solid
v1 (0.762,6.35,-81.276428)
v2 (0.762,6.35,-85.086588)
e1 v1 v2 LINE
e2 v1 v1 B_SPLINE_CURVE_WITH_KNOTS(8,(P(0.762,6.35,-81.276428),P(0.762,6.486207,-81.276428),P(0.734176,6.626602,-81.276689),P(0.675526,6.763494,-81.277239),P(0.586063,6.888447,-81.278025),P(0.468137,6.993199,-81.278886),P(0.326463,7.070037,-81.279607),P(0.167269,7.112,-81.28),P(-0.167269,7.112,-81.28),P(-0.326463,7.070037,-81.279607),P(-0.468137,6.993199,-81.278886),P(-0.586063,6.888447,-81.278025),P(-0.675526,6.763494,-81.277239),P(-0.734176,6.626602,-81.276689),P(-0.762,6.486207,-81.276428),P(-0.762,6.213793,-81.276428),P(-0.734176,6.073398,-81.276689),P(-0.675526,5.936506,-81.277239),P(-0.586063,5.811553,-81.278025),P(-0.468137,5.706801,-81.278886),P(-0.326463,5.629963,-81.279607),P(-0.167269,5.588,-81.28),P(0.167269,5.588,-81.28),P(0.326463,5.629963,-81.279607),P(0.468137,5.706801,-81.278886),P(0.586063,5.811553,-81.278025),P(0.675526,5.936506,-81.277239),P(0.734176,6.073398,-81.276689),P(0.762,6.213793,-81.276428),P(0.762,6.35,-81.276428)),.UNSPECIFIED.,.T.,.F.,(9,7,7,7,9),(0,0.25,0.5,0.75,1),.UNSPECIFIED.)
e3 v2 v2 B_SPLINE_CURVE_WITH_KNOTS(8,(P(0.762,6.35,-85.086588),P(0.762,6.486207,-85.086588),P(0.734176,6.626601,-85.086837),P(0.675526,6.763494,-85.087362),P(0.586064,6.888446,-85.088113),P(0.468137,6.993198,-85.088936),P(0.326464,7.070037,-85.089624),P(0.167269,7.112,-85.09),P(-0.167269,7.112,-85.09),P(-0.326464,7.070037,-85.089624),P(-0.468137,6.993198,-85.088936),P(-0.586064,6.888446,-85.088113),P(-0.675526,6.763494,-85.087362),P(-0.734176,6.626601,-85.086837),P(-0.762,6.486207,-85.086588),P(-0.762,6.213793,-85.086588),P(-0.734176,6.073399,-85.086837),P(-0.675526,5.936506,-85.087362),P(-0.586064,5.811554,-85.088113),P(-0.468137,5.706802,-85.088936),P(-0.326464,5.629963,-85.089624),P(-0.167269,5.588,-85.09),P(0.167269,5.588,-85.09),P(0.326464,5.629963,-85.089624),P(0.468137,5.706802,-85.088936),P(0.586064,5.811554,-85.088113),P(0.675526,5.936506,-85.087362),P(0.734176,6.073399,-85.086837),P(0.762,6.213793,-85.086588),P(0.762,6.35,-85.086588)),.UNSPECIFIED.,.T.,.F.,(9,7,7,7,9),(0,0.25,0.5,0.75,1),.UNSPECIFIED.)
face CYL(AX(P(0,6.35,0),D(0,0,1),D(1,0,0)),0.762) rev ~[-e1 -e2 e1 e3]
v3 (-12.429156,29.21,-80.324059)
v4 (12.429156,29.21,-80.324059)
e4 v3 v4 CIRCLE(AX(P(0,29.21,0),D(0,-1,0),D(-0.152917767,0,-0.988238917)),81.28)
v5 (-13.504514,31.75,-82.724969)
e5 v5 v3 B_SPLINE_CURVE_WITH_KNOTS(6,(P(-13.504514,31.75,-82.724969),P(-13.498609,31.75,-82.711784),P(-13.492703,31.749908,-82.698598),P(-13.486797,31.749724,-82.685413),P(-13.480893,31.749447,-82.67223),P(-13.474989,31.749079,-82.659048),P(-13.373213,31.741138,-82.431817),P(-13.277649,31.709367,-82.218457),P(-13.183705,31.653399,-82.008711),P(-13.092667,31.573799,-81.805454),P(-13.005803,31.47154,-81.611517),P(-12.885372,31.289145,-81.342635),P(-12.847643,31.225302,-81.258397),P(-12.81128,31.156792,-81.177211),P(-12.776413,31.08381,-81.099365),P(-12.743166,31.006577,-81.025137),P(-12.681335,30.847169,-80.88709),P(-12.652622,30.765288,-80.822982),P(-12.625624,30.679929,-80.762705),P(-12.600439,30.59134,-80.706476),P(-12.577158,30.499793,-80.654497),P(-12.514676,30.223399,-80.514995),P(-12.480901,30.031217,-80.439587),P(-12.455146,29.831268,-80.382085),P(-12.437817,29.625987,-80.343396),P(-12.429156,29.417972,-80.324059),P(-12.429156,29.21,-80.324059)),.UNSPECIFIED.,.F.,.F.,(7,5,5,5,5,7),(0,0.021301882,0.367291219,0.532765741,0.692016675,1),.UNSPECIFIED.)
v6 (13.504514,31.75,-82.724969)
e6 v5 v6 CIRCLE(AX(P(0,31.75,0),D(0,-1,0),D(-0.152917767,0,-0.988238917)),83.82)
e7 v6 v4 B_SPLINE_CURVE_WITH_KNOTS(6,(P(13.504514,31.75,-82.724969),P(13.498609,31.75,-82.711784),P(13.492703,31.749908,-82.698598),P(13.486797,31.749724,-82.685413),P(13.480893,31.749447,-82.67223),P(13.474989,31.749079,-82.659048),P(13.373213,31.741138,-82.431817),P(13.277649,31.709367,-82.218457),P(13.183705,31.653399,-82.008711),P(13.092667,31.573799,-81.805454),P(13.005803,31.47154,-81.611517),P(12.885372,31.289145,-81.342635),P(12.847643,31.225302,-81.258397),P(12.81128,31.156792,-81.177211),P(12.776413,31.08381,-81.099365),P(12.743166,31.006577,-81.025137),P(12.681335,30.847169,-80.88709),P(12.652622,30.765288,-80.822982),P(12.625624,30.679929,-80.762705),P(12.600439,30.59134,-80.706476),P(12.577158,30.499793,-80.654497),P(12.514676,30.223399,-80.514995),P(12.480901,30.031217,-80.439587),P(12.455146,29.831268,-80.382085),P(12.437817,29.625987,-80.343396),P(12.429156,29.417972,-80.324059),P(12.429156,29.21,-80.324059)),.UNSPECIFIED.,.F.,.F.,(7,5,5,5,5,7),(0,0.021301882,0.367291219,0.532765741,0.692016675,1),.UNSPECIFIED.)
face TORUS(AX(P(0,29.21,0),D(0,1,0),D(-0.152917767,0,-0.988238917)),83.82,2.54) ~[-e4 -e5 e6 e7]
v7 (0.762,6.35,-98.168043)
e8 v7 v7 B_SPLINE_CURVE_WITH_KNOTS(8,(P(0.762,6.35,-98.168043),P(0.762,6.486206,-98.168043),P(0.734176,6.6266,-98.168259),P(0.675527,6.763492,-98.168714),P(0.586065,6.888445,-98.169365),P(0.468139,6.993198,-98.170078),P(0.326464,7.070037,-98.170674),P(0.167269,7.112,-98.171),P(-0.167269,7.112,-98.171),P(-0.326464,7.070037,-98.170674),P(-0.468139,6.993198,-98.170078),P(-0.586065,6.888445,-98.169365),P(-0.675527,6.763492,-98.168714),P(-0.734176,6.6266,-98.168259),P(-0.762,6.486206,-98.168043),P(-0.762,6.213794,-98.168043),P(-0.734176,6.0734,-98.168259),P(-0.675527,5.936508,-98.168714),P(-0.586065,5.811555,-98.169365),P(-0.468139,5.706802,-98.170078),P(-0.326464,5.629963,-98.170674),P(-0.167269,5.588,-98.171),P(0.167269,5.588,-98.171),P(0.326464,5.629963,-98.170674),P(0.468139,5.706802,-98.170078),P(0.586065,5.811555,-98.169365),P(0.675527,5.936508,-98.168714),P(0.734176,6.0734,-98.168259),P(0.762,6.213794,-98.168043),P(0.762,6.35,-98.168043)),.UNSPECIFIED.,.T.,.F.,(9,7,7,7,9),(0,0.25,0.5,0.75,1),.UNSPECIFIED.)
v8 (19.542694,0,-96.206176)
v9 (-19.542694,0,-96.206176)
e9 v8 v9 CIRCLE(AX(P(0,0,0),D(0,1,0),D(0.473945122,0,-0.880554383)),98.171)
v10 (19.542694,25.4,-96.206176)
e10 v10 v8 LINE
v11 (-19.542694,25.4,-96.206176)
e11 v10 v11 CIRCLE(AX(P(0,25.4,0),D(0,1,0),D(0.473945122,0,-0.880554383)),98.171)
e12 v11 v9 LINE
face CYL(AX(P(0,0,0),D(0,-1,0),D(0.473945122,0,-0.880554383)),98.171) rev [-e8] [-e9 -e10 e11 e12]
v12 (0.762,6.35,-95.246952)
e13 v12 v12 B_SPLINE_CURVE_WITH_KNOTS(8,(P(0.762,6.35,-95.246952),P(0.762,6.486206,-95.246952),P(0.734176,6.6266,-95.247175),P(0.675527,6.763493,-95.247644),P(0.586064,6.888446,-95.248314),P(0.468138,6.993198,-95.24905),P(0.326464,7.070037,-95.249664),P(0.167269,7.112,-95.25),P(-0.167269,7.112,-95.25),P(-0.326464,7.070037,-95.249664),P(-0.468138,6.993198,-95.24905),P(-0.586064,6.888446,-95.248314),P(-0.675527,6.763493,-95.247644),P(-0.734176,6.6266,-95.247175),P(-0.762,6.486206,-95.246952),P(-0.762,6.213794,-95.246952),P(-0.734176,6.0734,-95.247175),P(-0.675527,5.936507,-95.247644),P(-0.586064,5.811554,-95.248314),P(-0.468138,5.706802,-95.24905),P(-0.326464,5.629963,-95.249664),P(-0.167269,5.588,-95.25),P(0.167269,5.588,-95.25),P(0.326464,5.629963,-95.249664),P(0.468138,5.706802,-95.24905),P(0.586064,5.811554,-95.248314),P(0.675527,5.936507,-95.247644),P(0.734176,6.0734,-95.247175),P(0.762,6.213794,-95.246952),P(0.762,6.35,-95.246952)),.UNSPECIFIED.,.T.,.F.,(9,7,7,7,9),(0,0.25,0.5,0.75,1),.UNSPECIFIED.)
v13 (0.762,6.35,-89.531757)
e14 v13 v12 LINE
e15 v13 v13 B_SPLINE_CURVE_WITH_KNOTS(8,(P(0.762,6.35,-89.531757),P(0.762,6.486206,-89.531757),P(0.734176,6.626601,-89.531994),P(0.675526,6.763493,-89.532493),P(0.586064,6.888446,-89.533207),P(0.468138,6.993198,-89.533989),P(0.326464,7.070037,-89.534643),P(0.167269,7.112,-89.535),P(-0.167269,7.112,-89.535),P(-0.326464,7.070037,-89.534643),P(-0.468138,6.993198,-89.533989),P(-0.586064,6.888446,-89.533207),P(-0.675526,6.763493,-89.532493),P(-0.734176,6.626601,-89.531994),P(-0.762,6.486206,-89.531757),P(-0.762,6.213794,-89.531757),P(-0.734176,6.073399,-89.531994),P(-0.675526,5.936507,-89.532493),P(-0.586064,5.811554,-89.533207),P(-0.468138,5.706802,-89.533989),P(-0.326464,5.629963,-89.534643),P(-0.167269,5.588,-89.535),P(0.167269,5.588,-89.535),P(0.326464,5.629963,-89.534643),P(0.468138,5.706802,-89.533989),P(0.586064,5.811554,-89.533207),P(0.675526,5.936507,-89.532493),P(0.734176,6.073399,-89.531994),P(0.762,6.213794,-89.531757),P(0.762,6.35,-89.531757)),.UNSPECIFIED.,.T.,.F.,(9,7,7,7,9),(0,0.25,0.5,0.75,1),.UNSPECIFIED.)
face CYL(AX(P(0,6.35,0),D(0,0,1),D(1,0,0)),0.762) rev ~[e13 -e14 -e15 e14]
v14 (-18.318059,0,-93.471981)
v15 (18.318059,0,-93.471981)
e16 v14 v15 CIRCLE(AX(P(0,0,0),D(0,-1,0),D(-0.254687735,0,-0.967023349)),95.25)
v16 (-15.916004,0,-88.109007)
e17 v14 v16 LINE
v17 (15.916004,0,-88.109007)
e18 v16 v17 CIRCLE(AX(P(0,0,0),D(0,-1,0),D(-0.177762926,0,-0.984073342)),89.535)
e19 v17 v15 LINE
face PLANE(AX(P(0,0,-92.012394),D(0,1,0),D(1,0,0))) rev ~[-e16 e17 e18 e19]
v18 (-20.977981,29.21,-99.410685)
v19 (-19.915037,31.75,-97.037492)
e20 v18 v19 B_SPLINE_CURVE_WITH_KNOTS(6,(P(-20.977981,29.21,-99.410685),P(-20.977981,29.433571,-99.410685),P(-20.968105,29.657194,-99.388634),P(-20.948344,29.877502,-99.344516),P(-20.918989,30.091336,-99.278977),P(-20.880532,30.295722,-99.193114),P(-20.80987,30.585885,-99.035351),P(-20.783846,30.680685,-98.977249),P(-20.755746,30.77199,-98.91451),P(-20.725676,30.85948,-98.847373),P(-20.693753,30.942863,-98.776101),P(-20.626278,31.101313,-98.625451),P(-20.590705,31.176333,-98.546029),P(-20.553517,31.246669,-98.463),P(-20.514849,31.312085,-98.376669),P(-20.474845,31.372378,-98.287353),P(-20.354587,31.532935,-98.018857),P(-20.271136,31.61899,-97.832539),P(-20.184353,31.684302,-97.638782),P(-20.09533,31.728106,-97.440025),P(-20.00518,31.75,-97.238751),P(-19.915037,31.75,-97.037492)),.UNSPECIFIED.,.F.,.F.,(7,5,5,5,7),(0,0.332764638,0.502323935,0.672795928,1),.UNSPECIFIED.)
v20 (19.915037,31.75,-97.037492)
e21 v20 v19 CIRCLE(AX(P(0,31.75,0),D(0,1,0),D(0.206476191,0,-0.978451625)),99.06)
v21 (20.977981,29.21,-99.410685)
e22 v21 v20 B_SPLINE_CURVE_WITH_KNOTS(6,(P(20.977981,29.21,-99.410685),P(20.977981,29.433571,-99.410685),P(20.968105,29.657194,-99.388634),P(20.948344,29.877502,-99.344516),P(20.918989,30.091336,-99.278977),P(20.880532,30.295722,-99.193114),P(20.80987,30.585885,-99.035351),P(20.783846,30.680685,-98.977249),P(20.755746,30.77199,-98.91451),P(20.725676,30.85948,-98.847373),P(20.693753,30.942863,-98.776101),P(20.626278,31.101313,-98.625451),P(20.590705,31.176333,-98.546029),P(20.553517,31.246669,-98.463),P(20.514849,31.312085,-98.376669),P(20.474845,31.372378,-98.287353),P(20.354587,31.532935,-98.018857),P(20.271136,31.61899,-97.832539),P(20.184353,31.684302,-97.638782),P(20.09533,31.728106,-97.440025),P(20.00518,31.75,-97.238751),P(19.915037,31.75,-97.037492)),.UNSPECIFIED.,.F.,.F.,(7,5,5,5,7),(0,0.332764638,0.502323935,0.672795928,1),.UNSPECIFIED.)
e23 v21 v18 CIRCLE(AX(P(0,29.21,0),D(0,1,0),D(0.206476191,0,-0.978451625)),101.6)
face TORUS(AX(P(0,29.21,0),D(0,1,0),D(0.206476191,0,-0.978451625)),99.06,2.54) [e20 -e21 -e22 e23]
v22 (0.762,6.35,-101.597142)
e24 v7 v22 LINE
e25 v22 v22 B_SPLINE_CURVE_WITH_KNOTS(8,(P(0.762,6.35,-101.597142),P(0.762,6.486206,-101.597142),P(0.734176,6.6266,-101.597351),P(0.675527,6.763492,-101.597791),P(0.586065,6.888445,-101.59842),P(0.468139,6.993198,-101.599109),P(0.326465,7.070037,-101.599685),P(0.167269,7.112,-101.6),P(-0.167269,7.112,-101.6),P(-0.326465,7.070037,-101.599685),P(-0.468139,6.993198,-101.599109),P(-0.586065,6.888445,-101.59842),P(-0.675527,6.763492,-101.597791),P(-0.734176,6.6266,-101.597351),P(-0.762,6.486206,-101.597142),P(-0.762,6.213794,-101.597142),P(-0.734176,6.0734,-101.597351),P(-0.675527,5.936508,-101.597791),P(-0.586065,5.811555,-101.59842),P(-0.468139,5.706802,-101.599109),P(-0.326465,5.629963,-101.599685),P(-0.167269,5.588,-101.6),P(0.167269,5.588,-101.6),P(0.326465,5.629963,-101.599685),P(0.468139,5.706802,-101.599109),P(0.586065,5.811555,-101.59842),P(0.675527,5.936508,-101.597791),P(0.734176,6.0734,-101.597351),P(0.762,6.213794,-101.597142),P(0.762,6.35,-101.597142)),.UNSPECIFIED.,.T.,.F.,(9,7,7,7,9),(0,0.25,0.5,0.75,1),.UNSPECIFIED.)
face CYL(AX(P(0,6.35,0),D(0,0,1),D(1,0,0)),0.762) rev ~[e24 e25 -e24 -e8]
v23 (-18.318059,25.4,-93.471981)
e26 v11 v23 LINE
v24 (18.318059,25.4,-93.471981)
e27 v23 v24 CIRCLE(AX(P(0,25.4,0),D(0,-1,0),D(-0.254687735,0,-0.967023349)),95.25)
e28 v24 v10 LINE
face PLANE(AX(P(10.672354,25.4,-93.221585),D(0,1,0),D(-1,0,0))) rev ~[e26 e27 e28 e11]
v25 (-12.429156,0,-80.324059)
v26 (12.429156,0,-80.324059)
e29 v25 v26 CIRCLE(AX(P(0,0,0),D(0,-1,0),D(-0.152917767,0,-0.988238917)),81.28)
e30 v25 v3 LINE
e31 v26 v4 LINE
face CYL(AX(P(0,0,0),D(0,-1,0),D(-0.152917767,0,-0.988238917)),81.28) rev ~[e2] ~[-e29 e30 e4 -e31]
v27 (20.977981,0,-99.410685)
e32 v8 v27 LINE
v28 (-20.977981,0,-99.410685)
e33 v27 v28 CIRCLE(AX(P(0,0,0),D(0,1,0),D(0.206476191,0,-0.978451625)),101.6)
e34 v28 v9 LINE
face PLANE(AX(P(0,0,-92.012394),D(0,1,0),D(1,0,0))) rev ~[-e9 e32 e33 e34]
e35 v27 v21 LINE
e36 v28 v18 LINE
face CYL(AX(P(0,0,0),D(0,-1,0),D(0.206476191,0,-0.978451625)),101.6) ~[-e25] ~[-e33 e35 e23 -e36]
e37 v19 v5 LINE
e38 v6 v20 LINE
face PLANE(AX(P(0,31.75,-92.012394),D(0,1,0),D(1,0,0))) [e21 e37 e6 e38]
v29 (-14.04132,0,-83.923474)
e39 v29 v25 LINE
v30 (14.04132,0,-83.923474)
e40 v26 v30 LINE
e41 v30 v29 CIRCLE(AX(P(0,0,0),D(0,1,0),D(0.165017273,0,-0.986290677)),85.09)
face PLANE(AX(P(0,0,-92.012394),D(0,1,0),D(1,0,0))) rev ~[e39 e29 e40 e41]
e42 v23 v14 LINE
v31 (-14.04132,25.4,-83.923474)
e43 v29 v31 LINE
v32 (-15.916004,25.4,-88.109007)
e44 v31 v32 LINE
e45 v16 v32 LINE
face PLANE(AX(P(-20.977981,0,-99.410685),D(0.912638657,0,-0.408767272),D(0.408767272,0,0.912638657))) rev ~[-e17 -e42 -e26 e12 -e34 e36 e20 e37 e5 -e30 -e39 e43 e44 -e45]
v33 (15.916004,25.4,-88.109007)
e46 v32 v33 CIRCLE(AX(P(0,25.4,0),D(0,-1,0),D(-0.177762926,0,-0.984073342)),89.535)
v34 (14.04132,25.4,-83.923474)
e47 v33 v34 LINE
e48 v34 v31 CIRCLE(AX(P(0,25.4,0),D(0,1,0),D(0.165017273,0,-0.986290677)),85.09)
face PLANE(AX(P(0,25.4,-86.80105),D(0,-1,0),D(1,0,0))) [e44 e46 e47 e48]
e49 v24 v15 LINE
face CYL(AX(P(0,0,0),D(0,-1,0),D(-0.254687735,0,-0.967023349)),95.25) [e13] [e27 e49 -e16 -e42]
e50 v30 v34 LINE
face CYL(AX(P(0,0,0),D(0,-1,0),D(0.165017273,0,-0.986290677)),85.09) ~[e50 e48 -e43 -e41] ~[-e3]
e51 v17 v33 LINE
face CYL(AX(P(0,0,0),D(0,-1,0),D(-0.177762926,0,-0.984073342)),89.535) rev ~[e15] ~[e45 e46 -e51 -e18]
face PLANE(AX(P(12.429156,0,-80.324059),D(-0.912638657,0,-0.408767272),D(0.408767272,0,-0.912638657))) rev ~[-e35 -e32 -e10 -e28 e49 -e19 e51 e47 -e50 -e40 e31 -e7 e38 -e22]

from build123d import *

# Parameters (mm, degrees)
BOSS_EXTRUDE1_DEPTH = 31.75
CUT_EXTRUDE1_DEPTH  = 25.4
FILLET1_R           = 2.54
CUT_EXTRUDE2_DEPTH  = 25.4
SKETCH5_R           = 0.762
CUT_EXTRUDE3_DEPTH  = 266.7


with BuildPart() as part:
    # Sketch1 → Boss-Extrude1 (new body)
    with BuildSketch(Plane(origin=(0, 0, 0), x_dir=(1, 0, 0), z_dir=(0, 1, 0))):
        with BuildLine():
            Line((12.429156122, 80.324059149), (20.977980966, 99.410685113))
            ThreePointArc((20.977980966, 99.410685113), (0, 101.6), (-20.977980966, 99.410685113))
            Line((-20.977980966, 99.410685113), (-12.429156122, 80.324059149))
            ThreePointArc((-12.429156122, 80.324059149), (0, 81.28), (12.429156122, 80.324059149))
        make_face()
    extrude(amount=BOSS_EXTRUDE1_DEPTH)

    # Sketch3 → Cut-Extrude1 (cut)
    with BuildSketch(Plane.XZ):
        with BuildLine():
            Line((-14.041319773, -83.923473707), (-15.916003555, -88.109006667))
            ThreePointArc((-15.916003555, -88.109006667), (0, -89.535), (15.916003555, -88.109006667))
            Line((15.916003555, -88.109006667), (14.041319773, -83.923473707))
            ThreePointArc((14.041319773, -83.923473707), (0, -85.09), (-14.041319773, -83.923473707))
        make_face()
    extrude(amount=-CUT_EXTRUDE1_DEPTH, mode=Mode.SUBTRACT)

    # Fillet1
    fillet1_edges = [part.edges().sort_by_distance(p)[0] for p in [
        (0, 31.75, -81.28),
        (0, 31.75, -101.6),
    ]]
    fillet(fillet1_edges, radius=FILLET1_R)

    # Sketch4 → Cut-Extrude2 (cut)
    with BuildSketch(Plane.XZ):
        with BuildLine():
            Line((-25.786806636, -94.723734325), (-24.259006715, -92.10897401))
            ThreePointArc((-24.259006715, -92.10897401), (10.833808817, -94.63187141), (44.448447191, -84.243088988))
            Line((44.448447191, -84.243088988), (46.527666616, -86.444904305))
            ThreePointArc((46.527666616, -86.444904305), (11.166045621, -97.533915466), (-25.786806636, -94.723734325))
        make_face()
    extrude(amount=-CUT_EXTRUDE2_DEPTH, mode=Mode.SUBTRACT)

    # Sketch5 → Cut-Extrude3 (cut)
    with BuildSketch(Plane.XY):
        with Locations((0, 6.35)):
            Circle(SKETCH5_R)
    extrude(amount=-CUT_EXTRUDE3_DEPTH, mode=Mode.SUBTRACT)


solid = part.part
